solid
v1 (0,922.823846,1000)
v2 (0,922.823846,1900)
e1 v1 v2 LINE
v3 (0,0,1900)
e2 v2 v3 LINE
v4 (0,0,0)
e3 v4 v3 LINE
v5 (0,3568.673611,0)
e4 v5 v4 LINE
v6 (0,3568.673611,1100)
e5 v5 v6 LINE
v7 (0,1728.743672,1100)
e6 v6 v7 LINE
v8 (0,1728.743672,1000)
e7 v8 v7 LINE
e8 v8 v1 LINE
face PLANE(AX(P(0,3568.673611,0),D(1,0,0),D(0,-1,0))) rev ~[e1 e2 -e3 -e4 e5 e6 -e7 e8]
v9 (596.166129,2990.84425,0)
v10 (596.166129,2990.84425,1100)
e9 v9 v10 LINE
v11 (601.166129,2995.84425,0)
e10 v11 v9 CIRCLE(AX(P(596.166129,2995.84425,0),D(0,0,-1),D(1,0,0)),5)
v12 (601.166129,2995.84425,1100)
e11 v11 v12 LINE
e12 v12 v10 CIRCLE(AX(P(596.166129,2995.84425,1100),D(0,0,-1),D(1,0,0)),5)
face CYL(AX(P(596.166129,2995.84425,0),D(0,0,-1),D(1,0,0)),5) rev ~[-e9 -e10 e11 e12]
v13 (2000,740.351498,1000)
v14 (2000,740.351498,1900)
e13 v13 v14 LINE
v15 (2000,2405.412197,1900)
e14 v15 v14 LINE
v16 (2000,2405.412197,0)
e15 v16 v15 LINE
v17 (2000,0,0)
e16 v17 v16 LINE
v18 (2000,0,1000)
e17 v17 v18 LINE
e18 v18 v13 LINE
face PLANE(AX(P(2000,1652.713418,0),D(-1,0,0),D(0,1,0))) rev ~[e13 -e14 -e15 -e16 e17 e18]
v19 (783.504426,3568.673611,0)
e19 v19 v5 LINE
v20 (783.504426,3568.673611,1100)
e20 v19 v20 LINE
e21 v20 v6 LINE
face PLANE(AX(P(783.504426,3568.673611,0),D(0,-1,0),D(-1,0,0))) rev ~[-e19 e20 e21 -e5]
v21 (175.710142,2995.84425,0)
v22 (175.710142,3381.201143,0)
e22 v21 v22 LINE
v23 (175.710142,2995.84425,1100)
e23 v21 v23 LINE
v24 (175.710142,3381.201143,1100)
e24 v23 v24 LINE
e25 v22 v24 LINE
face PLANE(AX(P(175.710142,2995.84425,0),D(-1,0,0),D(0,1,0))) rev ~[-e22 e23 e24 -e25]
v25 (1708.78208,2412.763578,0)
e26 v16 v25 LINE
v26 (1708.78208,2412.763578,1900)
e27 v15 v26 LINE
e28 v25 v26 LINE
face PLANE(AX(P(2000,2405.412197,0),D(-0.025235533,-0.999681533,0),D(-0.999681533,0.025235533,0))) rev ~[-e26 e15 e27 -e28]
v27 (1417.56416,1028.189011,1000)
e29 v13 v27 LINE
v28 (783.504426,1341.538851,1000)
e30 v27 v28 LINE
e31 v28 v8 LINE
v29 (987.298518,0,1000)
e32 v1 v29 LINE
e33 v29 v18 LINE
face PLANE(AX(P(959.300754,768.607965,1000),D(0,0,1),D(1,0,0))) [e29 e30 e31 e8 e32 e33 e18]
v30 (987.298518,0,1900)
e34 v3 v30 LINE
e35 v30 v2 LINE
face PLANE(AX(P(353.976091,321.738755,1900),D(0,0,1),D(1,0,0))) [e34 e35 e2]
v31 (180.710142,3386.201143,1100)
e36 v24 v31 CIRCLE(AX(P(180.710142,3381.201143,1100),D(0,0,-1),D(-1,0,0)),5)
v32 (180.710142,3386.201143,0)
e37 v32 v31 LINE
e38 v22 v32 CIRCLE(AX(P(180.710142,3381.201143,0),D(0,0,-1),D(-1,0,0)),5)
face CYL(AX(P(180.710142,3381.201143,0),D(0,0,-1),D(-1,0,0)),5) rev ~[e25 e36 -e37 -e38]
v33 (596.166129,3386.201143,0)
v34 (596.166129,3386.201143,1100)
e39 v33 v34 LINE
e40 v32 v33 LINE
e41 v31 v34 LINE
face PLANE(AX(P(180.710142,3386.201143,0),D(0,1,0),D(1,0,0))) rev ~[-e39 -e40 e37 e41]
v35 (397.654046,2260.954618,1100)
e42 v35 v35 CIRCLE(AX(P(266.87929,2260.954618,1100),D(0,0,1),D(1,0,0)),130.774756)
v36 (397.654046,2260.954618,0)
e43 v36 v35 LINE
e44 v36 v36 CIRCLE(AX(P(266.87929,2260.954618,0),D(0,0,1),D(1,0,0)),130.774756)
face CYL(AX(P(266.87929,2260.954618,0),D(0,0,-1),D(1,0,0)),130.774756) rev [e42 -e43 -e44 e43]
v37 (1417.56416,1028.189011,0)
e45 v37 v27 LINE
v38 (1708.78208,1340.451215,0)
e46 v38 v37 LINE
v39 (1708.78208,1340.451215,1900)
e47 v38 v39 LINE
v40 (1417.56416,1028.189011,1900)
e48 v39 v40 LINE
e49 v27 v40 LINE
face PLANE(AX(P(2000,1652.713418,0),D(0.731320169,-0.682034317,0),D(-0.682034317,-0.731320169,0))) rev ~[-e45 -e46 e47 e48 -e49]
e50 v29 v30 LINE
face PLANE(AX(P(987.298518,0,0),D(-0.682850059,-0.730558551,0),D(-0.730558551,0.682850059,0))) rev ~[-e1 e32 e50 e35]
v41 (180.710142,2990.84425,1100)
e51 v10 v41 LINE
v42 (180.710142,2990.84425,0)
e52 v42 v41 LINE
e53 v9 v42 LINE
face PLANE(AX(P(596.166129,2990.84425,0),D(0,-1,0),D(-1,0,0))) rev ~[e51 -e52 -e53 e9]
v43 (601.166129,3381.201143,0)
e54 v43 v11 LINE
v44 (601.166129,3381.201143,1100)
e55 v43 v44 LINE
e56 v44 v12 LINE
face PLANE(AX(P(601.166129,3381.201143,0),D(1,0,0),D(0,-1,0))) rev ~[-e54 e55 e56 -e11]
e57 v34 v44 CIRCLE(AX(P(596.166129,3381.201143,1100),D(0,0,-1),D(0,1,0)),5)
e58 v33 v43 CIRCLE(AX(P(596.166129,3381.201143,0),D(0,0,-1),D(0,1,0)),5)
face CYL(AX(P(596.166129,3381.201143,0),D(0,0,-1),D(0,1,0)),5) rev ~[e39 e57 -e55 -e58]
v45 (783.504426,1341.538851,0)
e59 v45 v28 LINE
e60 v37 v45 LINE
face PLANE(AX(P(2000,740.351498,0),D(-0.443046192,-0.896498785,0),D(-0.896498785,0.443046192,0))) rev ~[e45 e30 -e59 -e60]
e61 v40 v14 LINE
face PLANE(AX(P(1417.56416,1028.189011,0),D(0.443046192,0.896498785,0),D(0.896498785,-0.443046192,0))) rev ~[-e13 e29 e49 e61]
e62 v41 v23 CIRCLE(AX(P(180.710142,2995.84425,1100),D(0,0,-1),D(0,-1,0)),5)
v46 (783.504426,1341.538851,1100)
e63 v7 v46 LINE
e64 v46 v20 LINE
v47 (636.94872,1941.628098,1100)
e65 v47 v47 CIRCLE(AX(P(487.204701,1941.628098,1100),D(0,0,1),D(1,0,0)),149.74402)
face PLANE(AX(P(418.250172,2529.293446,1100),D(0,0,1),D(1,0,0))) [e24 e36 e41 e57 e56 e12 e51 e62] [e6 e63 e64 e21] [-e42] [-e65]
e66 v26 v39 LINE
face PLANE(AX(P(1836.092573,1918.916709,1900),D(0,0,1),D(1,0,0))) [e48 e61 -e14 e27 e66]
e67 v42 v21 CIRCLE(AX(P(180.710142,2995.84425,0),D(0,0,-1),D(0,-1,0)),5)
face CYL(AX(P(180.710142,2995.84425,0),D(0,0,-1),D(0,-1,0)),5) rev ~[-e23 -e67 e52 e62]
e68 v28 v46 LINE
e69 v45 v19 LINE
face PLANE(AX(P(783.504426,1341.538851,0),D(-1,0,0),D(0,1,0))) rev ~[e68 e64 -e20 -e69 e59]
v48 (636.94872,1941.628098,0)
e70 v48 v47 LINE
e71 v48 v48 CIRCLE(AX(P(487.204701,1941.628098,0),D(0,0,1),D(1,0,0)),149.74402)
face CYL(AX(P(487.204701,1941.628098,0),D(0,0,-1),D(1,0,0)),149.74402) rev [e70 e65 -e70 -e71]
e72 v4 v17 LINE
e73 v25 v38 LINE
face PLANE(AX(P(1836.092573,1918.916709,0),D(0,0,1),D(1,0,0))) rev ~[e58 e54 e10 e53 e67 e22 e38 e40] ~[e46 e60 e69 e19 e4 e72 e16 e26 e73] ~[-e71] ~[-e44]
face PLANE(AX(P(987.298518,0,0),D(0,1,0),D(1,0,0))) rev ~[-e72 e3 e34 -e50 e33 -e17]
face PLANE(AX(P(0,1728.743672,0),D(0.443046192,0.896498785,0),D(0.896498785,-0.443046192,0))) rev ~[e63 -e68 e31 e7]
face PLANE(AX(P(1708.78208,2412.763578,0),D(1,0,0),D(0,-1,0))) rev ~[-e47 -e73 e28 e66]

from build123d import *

# Parameters (mm, degrees)
F1_DEPTH = 1900
F2_DEPTH = 1000
F0_R     = 149.7440196074
F0_R_2   = 130.7747559493
F3_DEPTH = 1100
F4_DEPTH = 1900
F5_DEPTH = 1900


with BuildPart() as f1:
    # F0 (on Top) → F1 (new body)
    with BuildSketch(Plane.XY):
        Polygon((0, 0), (987.2985183434, 0), (0, 922.8238463402), align=None)
    extrude(amount=F1_DEPTH)

    # F0 (on Top) → F2 (join)
    with BuildSketch(Plane.XY):
        Polygon((987.2985183434, 0), (2000, 0), (2000, 740.351498127), (1417.5641597736, 1028.1890113665), (783.5044264793, 1341.5388505621), (0, 1728.7436723709), (0, 1728.7435531616), (0, 922.8238463402), align=None)
    extrude(amount=F2_DEPTH)

    # F0 (on Top) → F3 (join)
    with BuildSketch(Plane.XY):
        Polygon((0, 1728.7436723709), (783.5044264793, 1341.5388505621), (783.5044264793, 1728.7435531616), (783.5044264793, 3568.6736106873), (0, 3568.6736106873), align=None)
        with Locations((487.2047007084, 1941.6280984879)):
            Circle(F0_R, mode=Mode.SUBTRACT)
        with Locations((266.8792903423, 2260.954618454)):
            Circle(F0_R_2, mode=Mode.SUBTRACT)
        with BuildLine():
            ThreePointArc((175.7101416588, 3381.2011432648), (177.1746077529, 3384.7366771707), (180.7101416588, 3386.2011432648))
            Line((180.7101416588, 3386.2011432648), (596.1661291122, 3386.2011432648))
            ThreePointArc((596.1661291122, 3386.2011432648), (599.7016630182, 3384.7366771707), (601.1661291122, 3381.2011432648))
            Line((601.1661291122, 3381.2011432648), (601.1661291122, 2995.8442497253))
            ThreePointArc((601.1661291122, 2995.8442497253), (599.7016630182, 2992.3087158194), (596.1661291122, 2990.8442497253))
            Line((596.1661291122, 2990.8442497253), (180.7101416588, 2990.8442497253))
            ThreePointArc((180.7101416588, 2990.8442497253), (177.1746077529, 2992.3087158194), (175.7101416588, 2995.8442497253))
            Line((175.7101416588, 2995.8442497253), (175.7101416588, 3381.2011432648))
        make_face(mode=Mode.SUBTRACT)
    extrude(amount=F3_DEPTH)

    # F0 (on Top) → F4 (join)
    with BuildSketch(Plane.XY):
        Polygon((1417.5641597736, 1028.1890113665), (2000, 740.351498127), (2000, 1652.7134180069), (1708.7820798868, 1340.4512146867), align=None)
    extrude(amount=F4_DEPTH)

    # F0 (on Top) → F5 (join)
    with BuildSketch(Plane.XY):
        Polygon((1708.7820798868, 1340.4512146867), (2000, 1652.7134180069), (2000, 2405.412197113), (1708.7820798868, 2412.763577853), align=None)
    extrude(amount=F5_DEPTH)


solid = f1.part
